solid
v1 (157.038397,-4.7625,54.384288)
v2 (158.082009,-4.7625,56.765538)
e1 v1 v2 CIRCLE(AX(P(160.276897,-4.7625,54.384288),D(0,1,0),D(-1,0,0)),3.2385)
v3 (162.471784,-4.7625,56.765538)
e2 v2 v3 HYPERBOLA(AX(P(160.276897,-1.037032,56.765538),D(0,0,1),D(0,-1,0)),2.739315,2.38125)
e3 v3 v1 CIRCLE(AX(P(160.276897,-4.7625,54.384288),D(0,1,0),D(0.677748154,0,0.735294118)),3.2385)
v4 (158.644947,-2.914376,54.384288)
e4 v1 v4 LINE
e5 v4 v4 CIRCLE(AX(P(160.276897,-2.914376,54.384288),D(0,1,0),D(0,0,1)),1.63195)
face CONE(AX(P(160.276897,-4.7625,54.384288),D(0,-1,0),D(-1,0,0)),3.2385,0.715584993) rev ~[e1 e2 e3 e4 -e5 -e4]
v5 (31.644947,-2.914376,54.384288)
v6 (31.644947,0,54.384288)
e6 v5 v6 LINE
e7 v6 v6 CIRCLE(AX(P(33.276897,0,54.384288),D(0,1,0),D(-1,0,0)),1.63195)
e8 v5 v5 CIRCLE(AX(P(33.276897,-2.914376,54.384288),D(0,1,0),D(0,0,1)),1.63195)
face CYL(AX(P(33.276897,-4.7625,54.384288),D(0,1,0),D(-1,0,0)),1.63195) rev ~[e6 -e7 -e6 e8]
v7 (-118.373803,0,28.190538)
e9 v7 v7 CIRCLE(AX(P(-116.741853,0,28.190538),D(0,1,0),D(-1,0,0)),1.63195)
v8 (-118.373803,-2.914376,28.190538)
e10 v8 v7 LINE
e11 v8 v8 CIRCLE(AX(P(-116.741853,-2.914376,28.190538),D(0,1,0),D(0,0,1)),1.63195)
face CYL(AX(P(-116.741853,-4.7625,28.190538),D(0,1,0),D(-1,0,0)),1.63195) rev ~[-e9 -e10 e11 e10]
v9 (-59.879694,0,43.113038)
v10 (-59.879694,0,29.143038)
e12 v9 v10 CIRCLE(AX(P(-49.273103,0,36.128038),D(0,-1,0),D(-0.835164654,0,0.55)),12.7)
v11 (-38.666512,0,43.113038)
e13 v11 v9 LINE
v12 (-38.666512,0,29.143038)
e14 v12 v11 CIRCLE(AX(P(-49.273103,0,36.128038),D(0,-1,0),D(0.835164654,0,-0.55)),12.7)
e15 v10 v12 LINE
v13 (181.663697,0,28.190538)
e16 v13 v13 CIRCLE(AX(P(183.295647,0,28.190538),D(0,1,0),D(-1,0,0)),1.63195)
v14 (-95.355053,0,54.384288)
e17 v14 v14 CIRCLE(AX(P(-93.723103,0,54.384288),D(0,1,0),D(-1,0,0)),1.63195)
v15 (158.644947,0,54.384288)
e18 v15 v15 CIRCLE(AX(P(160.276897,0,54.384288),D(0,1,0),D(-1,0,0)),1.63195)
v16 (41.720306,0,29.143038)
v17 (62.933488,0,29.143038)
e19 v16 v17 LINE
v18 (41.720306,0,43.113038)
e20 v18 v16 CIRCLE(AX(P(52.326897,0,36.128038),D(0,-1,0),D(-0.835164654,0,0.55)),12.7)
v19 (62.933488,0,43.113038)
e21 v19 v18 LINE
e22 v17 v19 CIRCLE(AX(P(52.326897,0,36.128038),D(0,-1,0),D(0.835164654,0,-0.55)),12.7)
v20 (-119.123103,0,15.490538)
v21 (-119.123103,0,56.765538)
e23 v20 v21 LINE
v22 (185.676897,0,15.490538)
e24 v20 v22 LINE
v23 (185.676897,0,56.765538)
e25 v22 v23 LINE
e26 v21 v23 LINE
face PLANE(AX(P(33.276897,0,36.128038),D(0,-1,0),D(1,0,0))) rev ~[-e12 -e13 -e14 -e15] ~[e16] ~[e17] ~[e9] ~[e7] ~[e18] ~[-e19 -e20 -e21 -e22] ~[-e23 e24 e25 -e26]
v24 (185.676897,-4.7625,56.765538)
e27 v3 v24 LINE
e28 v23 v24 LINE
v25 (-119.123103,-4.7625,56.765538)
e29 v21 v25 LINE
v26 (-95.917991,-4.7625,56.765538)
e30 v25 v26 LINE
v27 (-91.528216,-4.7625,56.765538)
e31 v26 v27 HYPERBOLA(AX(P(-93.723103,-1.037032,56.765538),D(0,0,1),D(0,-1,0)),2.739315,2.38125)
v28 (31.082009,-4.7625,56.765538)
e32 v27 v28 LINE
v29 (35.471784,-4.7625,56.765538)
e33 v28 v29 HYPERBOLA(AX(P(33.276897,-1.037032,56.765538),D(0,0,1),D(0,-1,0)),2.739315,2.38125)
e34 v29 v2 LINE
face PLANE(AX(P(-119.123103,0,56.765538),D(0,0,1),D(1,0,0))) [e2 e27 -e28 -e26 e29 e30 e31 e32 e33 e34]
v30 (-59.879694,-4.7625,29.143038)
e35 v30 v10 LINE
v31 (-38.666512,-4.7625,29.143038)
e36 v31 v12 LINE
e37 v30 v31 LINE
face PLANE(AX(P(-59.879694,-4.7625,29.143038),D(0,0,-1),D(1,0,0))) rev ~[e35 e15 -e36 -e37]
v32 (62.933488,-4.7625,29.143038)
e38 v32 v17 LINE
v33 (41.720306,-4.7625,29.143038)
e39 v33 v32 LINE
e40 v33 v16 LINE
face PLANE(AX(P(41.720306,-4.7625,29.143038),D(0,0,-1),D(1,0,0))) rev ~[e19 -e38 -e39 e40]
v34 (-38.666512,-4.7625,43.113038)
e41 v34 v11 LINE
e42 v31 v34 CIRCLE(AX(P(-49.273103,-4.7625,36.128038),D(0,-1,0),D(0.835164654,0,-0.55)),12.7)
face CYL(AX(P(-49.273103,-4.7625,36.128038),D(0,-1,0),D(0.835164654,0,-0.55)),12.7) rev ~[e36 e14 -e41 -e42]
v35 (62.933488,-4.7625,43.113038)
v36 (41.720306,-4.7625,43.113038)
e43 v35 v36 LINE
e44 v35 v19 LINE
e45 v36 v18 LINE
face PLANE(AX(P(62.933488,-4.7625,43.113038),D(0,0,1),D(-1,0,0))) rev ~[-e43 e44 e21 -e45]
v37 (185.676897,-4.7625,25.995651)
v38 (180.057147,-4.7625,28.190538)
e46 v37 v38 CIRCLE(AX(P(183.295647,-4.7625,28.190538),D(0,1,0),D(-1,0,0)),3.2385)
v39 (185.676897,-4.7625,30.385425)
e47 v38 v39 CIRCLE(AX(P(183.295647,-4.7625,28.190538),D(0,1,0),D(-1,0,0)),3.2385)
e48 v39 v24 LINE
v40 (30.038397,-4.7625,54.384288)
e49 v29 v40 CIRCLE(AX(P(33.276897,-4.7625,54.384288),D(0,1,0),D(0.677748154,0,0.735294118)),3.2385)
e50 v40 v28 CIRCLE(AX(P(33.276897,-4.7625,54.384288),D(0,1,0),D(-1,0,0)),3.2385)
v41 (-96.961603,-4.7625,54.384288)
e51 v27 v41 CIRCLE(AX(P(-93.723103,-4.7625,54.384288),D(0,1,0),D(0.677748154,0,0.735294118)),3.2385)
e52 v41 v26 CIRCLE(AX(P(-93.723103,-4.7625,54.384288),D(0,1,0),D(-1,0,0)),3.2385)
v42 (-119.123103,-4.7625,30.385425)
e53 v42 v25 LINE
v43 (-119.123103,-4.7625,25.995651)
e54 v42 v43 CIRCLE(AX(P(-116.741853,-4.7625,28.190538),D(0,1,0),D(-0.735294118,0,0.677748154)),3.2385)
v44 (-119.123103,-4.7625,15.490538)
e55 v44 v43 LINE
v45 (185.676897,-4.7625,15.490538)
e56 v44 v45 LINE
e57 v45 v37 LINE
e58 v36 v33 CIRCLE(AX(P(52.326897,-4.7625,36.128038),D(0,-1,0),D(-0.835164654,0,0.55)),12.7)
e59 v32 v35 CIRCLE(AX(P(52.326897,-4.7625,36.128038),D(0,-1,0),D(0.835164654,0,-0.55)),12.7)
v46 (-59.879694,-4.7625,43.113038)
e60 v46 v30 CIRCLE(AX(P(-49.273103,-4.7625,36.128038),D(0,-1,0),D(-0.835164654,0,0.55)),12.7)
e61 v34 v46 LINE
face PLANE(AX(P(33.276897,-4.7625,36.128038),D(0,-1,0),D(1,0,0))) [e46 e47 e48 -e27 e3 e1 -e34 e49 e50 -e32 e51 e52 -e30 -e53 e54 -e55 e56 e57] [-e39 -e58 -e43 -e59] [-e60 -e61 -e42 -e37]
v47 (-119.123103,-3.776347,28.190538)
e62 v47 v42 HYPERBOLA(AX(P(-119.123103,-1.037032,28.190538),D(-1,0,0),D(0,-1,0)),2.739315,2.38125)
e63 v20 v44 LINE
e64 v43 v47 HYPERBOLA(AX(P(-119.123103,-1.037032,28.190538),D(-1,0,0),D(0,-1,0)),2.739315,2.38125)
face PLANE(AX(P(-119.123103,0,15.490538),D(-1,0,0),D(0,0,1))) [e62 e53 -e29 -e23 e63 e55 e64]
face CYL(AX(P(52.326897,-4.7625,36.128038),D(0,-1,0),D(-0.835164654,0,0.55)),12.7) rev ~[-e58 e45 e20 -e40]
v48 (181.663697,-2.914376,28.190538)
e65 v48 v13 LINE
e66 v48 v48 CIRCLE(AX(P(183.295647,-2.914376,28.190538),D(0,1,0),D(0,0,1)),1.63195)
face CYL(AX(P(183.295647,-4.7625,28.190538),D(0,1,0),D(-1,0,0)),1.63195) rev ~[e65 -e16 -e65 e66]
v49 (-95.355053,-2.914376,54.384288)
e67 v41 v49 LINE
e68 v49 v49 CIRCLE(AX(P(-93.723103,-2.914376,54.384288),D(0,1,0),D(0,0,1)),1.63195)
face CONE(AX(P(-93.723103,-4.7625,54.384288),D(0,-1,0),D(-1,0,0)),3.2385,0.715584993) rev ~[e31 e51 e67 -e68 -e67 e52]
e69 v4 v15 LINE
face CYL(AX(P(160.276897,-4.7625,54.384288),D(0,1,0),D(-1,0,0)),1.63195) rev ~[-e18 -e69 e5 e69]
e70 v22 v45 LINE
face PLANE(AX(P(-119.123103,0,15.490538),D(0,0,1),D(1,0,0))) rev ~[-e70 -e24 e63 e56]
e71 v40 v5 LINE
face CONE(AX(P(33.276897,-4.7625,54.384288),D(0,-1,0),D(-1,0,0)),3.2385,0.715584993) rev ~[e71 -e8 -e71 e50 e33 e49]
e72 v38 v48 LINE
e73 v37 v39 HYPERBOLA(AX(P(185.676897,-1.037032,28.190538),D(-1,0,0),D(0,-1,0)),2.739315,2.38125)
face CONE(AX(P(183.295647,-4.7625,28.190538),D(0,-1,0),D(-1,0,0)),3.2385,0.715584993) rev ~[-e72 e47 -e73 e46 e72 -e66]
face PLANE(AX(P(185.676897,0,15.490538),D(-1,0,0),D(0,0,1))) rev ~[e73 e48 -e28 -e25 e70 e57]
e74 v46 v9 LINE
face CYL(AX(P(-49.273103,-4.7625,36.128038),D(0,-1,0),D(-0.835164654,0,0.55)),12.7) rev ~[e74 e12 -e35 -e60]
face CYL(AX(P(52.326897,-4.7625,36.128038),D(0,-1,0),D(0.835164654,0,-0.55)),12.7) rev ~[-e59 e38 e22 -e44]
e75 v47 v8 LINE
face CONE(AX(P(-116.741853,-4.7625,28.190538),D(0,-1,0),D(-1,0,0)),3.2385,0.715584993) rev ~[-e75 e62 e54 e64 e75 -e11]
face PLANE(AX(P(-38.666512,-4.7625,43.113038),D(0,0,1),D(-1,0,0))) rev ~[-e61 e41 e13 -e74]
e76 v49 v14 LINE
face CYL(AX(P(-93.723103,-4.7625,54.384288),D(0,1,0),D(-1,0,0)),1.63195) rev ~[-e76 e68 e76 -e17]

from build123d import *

# Parameters (mm, degrees)
F0_W           = 304.8
F0_H           = 41.275
F1_DEPTH       = 4.7625
F3_D           = 3.2639
F3_DEPTH       = 14.605
F3_CSINK_D     = 6.477
F3_CSINK_ANGLE = 82
F3_TIP         = 0.9805744872
F5_DEPTH       = 25.4


with BuildPart() as f1:
    # F0 (on Front) → F1 (new body)
    with BuildSketch(Plane.XZ):
        with Locations((33.2768968371, 36.1280379981)):
            Rectangle(F0_W, F0_H)
    extrude(amount=F1_DEPTH)

    # F3
    with Locations(Plane.XZ.offset(4.7625)):
        with Locations((-93.7231031629, 54.3842879981), (-116.7418531629, 28.1905379981), (33.2768968371, 54.3842879981), (160.2768968371, 54.3842879981), (183.2956468371, 28.1905379981)):
            CounterSinkHole(F3_D / 2, F3_CSINK_D / 2, depth=F3_DEPTH, counter_sink_angle=F3_CSINK_ANGLE)
            with Locations((0, 0, -(F3_DEPTH + F3_TIP / 2))):  # 118° drill point
                Cone(0, F3_D / 2, F3_TIP, mode=Mode.SUBTRACT)

    # F4 (on face) → F5 (cut)
    with BuildSketch(Plane.XZ.offset(4.7625)):
        with BuildLine():
            Line((-38.6665120517, 43.1130379981), (-59.879694274, 43.1130379981))
            ThreePointArc((-59.879694274, 43.1130379981), (-61.9731031629, 36.1280379981), (-59.879694274, 29.1430379981))
            Line((-59.879694274, 29.1430379981), (-38.6665120517, 29.1430379981))
            ThreePointArc((-38.6665120517, 29.1430379981), (-36.5731031629, 36.1280379981), (-38.6665120517, 43.1130379981))
        make_face()
        with BuildLine():
            ThreePointArc((62.9334879483, 29.1430379981), (65.0268968371, 36.1280379981), (62.9334879483, 43.1130379981))
            Line((62.9334879483, 43.1130379981), (41.720305726, 43.1130379981))
            ThreePointArc((41.720305726, 43.1130379981), (39.6268968371, 36.1280379981), (41.720305726, 29.1430379981))
            Line((41.720305726, 29.1430379981), (62.9334879483, 29.1430379981))
        make_face()
    extrude(amount=-F5_DEPTH, mode=Mode.SUBTRACT)


solid = f1.part
